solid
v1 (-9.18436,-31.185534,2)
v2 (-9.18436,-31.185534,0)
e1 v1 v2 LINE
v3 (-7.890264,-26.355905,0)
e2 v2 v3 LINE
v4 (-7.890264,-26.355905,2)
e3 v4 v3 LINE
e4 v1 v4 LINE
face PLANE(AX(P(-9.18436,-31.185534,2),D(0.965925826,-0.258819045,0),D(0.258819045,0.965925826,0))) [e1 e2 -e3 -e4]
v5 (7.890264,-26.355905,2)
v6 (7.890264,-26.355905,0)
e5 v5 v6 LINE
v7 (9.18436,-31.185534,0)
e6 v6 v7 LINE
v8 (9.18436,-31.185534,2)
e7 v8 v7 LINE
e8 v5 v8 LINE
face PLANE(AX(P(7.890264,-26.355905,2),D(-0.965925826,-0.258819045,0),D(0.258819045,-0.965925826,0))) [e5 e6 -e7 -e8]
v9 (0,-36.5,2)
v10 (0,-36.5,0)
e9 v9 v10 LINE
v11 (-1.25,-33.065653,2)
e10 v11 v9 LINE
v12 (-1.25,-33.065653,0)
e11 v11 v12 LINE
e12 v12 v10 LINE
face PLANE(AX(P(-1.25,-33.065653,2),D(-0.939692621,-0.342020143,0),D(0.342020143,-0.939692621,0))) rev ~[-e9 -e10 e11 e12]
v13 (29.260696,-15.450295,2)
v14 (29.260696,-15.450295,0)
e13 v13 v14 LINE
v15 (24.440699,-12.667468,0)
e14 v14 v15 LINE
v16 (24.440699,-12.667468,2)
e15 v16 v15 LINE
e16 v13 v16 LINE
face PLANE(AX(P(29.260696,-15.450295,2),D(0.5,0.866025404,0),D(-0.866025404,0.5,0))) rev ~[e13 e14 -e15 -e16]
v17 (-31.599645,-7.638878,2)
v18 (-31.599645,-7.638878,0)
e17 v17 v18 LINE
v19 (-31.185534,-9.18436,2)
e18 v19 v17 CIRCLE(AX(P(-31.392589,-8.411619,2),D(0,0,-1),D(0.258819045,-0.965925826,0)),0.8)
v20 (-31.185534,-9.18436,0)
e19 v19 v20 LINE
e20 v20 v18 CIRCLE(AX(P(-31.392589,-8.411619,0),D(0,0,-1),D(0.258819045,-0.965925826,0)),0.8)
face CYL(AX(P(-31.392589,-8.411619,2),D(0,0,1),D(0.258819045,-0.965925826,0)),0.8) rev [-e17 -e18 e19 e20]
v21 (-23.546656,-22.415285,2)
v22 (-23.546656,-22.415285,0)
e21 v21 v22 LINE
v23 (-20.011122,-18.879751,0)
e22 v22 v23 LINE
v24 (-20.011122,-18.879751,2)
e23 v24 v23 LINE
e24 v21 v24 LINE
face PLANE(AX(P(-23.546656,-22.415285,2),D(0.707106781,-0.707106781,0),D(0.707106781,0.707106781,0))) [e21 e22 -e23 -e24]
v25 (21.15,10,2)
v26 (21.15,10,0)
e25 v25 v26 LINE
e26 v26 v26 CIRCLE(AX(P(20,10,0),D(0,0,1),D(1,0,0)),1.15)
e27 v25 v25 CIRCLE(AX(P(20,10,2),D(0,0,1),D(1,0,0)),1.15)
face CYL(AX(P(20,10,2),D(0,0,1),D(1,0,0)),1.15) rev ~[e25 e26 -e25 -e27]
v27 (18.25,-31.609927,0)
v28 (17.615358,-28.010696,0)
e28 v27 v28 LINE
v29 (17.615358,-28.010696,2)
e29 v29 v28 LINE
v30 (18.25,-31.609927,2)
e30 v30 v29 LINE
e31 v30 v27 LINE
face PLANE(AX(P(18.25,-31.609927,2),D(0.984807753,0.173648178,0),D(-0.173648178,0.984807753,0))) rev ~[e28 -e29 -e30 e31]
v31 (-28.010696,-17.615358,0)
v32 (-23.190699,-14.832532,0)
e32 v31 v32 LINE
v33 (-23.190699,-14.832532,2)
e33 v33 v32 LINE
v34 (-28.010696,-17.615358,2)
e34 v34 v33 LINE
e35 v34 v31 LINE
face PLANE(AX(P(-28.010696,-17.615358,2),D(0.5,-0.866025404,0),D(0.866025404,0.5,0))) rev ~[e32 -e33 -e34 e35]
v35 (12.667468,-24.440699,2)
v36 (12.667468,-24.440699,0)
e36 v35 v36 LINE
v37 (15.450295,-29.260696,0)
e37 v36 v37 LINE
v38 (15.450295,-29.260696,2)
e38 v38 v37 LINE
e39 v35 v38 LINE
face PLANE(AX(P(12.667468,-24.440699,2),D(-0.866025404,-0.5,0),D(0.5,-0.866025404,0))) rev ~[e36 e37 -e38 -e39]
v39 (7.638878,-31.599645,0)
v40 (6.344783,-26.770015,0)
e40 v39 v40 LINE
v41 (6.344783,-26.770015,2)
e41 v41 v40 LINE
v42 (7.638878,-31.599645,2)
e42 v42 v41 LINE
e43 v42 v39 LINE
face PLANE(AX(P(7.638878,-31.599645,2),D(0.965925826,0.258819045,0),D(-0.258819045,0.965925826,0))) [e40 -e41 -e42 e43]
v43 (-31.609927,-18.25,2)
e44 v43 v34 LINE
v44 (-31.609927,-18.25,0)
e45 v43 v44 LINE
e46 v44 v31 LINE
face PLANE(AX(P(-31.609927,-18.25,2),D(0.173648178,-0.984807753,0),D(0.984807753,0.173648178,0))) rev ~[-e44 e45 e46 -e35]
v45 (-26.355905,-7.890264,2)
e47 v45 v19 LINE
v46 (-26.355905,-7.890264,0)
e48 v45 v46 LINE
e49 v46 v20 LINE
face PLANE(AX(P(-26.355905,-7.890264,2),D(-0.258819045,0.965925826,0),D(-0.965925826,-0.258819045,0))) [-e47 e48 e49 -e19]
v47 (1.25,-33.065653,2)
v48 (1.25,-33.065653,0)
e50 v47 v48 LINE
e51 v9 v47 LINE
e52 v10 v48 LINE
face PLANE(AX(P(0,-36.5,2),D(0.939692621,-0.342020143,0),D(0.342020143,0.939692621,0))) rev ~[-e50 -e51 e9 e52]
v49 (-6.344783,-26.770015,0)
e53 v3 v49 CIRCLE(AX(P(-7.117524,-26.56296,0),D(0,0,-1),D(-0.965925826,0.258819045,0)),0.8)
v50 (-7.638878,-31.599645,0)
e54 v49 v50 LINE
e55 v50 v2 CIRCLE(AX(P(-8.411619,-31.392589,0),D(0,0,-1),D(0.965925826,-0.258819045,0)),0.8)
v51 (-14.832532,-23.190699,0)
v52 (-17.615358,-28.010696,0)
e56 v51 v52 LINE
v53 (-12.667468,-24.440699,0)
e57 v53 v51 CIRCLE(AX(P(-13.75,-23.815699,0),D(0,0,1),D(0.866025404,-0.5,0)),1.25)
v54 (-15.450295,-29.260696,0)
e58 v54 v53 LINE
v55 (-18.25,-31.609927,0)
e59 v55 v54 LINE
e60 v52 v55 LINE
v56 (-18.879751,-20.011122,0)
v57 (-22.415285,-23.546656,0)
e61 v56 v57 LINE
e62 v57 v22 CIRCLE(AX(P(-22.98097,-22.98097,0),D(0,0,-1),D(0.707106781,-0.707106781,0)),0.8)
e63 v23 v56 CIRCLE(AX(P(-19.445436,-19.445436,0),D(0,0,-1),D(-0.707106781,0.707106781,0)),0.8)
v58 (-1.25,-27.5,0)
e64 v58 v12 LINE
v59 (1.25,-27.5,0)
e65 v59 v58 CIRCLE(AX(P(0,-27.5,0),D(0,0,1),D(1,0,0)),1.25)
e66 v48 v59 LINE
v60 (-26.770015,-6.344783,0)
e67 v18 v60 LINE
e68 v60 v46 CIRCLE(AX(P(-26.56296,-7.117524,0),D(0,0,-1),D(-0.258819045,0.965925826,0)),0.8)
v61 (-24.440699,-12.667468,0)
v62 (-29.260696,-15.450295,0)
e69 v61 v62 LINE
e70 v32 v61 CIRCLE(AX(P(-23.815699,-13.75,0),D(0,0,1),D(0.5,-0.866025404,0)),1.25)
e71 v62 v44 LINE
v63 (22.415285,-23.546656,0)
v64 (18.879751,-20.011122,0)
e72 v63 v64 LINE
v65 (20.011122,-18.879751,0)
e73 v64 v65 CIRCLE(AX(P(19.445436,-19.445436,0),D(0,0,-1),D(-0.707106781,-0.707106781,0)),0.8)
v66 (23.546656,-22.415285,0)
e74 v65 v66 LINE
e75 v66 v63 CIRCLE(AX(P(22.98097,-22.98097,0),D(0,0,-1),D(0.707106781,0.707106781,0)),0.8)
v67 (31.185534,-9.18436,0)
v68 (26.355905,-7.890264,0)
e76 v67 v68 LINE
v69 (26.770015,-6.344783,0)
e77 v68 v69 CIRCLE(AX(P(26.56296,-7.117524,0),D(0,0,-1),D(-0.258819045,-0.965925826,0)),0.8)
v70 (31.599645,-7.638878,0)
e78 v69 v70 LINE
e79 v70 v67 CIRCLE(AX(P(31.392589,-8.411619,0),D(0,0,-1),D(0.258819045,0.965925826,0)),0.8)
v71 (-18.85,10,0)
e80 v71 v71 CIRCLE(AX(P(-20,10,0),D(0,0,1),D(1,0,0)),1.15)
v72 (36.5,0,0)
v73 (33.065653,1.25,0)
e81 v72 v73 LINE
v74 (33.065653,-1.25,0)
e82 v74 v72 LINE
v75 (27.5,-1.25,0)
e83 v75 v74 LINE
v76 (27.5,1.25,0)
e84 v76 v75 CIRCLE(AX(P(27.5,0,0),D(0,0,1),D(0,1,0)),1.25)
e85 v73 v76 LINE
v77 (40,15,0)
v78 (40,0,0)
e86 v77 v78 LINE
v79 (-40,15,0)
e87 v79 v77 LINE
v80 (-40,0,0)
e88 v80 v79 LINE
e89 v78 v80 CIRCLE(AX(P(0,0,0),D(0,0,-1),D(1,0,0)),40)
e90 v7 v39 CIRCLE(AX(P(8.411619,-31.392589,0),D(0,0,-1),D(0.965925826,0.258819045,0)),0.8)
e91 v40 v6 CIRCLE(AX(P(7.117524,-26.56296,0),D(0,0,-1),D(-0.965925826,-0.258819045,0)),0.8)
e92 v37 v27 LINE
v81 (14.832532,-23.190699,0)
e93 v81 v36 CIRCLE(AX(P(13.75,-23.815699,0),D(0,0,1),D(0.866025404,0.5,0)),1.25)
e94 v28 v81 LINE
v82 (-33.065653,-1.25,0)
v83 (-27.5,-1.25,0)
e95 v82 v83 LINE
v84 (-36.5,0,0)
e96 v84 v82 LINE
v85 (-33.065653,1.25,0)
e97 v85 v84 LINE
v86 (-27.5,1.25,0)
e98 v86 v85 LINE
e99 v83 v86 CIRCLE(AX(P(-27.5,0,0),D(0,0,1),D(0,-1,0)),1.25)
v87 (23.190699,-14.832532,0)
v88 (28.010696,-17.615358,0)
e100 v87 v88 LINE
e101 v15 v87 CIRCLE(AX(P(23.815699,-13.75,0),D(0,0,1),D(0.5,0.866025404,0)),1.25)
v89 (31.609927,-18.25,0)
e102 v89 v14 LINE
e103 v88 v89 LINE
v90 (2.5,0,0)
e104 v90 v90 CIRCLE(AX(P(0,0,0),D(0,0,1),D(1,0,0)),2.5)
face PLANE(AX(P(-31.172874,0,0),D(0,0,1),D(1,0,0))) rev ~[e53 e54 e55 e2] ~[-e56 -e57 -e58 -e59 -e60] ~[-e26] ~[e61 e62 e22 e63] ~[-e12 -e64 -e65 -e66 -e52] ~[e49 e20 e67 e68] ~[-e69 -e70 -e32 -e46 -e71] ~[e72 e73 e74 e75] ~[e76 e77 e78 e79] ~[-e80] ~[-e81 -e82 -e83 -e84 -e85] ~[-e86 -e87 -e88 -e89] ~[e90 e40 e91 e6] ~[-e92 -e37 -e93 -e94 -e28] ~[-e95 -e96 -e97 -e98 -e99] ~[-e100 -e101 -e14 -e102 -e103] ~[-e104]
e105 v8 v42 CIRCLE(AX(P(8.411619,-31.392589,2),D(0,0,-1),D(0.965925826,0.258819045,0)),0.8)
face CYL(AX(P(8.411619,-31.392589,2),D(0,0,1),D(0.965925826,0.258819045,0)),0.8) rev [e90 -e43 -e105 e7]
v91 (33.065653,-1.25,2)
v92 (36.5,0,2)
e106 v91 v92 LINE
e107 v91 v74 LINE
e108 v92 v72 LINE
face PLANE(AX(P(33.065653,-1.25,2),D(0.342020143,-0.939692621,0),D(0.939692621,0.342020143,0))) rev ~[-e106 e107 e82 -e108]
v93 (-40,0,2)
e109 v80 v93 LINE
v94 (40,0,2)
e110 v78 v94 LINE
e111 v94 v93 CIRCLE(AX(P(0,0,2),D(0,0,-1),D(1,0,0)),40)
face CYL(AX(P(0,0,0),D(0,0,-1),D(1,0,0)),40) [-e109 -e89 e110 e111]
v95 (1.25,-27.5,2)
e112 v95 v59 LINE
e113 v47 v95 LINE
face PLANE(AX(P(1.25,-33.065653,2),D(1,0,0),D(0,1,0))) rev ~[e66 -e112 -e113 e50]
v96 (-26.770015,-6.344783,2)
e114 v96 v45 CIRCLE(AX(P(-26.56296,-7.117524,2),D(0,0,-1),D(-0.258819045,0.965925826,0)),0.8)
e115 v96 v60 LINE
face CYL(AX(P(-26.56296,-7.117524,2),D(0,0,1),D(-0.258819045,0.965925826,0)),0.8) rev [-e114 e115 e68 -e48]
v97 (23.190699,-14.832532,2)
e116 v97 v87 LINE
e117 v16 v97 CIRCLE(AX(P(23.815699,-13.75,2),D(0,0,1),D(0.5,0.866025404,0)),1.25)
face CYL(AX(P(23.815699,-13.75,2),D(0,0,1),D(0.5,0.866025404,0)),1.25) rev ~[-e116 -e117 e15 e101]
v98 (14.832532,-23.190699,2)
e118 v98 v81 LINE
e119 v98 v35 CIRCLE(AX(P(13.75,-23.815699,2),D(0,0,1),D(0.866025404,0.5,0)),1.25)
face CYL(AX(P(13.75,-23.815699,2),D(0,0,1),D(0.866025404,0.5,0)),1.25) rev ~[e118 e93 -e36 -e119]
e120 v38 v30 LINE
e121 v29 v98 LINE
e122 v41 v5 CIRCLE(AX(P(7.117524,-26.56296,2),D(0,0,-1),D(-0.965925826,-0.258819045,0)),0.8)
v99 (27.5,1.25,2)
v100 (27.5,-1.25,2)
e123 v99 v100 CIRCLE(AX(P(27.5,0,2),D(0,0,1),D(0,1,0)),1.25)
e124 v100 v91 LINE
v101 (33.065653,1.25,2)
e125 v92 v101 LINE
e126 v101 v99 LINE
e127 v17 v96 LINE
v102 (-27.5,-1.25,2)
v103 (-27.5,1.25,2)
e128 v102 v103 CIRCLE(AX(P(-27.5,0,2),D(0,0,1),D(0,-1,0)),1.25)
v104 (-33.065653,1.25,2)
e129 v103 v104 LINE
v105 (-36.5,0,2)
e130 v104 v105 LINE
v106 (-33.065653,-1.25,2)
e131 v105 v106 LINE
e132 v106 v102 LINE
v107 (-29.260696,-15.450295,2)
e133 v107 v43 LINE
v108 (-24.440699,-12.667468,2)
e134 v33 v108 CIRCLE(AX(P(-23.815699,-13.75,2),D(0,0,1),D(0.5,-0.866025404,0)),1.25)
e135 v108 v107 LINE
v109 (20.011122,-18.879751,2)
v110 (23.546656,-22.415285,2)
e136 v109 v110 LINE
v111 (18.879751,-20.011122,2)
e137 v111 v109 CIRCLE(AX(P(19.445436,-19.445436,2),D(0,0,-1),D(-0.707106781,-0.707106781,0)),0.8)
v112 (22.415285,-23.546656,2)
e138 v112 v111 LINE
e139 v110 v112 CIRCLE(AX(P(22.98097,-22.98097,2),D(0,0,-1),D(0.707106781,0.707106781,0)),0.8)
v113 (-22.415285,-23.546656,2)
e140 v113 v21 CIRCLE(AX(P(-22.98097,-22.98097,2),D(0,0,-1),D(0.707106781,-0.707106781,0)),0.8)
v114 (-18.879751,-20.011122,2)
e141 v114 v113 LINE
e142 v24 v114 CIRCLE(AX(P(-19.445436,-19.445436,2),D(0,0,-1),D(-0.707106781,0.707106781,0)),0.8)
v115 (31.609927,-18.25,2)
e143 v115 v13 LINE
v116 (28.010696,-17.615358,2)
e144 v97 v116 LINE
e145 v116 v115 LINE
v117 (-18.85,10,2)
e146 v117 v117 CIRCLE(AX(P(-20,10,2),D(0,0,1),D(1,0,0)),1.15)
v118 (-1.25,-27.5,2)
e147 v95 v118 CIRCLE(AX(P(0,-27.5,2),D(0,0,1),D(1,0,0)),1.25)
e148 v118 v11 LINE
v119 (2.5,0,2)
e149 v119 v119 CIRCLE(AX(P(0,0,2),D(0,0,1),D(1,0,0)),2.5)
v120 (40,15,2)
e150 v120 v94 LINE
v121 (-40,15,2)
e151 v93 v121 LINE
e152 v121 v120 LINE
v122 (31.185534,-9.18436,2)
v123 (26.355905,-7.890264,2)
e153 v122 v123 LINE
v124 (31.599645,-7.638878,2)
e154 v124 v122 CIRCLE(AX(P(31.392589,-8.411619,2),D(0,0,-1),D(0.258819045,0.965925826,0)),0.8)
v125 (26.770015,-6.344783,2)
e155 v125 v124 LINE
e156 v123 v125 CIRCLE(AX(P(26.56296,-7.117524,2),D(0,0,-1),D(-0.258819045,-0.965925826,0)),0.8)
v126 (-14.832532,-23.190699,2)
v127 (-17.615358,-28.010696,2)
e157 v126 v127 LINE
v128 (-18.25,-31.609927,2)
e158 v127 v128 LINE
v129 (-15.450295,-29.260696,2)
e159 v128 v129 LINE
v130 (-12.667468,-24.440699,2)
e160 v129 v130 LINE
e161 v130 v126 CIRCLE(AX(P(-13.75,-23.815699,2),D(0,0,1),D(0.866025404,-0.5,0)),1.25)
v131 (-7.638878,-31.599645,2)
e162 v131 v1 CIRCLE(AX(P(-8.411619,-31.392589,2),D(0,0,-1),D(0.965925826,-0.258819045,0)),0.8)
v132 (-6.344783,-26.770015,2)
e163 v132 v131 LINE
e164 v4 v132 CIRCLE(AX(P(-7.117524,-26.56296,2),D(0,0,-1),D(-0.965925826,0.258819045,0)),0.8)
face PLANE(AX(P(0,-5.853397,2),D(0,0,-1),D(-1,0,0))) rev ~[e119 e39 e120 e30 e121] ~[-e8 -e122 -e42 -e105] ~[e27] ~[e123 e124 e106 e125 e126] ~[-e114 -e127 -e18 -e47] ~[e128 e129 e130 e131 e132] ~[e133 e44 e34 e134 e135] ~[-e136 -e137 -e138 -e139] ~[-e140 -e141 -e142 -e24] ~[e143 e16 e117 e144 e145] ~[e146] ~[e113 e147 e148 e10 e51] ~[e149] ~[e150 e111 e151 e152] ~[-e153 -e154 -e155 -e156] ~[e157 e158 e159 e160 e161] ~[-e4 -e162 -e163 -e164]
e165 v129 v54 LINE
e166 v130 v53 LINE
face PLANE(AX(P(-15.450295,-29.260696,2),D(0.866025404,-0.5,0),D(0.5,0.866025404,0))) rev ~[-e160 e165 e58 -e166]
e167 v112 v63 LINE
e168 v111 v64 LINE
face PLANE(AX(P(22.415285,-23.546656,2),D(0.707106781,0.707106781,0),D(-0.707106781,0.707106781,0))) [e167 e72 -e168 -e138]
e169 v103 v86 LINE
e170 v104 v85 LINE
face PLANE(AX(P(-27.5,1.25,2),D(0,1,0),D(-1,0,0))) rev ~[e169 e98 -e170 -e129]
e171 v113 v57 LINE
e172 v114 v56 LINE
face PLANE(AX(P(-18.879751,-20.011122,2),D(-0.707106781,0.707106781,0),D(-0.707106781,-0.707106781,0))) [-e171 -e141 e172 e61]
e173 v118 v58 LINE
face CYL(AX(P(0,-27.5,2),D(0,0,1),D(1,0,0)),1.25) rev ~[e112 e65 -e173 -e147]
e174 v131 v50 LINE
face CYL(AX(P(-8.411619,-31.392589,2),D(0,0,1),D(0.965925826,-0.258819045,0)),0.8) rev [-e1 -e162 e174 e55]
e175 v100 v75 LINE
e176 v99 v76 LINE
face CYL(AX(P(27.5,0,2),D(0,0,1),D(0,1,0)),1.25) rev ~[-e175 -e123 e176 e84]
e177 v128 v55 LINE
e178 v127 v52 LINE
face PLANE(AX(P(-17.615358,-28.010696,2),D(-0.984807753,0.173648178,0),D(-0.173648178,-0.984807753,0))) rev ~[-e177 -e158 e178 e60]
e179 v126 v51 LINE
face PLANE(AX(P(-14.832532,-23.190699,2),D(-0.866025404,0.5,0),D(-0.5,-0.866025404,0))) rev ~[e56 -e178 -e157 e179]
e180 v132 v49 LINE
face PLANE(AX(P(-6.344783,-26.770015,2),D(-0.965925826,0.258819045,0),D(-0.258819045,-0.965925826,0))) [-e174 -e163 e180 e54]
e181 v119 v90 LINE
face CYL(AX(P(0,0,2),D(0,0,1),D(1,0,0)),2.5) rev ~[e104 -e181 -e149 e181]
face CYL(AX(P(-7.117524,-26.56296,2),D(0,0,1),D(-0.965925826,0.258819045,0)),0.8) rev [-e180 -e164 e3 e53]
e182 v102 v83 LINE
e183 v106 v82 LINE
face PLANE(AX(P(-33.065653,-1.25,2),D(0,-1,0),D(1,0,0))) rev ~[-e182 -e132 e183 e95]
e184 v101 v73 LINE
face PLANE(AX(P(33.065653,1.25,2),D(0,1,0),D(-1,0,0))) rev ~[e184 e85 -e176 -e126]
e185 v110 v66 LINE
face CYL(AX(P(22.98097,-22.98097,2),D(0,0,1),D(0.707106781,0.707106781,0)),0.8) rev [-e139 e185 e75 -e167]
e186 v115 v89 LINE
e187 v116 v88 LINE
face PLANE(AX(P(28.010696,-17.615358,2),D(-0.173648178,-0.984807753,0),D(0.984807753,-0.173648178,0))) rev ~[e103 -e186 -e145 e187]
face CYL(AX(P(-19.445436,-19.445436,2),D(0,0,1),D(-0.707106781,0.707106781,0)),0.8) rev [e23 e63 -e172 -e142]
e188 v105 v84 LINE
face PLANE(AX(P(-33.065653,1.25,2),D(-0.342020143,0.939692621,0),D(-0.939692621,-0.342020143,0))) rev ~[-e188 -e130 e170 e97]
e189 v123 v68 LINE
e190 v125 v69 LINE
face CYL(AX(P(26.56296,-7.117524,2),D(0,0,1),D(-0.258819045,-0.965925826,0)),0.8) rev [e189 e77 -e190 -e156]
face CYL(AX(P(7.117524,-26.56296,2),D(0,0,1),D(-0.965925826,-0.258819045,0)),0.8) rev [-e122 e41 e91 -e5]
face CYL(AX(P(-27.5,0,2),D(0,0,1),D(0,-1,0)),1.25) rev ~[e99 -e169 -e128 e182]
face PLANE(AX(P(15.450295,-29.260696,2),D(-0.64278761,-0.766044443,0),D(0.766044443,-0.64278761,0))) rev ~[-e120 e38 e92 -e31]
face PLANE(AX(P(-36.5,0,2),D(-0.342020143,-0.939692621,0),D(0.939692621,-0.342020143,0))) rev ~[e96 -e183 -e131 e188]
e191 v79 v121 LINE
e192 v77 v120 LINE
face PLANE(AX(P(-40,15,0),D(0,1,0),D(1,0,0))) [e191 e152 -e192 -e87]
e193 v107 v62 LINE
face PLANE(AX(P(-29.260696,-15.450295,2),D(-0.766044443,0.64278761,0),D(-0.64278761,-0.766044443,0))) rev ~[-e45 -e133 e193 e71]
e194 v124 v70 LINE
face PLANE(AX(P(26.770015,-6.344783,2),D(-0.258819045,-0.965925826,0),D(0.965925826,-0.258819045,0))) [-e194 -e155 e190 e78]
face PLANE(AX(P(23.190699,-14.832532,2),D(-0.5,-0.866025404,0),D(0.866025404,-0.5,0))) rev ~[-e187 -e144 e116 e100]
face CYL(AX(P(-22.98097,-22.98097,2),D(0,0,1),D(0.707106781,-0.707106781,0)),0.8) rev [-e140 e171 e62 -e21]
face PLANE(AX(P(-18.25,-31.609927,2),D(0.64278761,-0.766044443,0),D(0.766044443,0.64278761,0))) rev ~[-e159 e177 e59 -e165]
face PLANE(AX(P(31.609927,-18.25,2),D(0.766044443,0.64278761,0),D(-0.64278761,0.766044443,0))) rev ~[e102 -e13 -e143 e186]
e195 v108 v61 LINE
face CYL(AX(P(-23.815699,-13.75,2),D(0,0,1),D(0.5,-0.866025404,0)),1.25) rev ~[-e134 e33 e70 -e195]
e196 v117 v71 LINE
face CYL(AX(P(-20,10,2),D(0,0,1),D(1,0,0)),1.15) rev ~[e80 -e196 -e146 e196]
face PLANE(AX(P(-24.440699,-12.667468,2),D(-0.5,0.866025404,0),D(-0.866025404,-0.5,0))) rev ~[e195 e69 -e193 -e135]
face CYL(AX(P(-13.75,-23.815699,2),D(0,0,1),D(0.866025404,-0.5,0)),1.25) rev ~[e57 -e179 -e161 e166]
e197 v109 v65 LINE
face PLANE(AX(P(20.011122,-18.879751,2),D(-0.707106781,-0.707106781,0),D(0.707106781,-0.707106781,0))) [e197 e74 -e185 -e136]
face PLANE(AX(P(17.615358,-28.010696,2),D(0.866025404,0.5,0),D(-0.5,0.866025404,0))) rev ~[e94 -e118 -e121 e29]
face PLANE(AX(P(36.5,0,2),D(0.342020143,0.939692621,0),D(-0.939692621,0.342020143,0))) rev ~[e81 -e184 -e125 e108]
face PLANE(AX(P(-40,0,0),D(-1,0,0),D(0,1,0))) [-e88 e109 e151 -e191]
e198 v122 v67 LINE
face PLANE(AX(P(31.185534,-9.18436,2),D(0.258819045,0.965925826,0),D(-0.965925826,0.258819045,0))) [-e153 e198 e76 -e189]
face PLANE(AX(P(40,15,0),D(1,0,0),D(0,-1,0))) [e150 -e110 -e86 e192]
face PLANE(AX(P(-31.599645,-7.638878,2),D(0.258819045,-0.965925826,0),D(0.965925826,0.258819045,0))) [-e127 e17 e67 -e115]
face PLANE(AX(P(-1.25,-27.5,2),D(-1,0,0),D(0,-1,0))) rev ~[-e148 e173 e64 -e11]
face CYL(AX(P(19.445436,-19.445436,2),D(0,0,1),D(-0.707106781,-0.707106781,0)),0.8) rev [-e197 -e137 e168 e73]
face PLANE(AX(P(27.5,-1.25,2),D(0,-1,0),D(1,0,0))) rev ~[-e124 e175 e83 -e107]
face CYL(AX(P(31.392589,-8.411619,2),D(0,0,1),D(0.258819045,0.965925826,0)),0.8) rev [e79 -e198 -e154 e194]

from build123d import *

# Parameters (mm, degrees)
BOSS_EXTRUDE1_DEPTH = 2
CUT_EXTRUDE2_DEPTH  = 2
CIRPATTERN1_COUNT   = 7
CIRPATTERN1_ANGLE   = 180
CUT_EXTRUDE3_DEPTH  = 2
CIRPATTERN2_COUNT   = 6
CIRPATTERN2_ANGLE   = 150
SKETCH5_R           = 2.5
CUT_EXTRUDE4_DEPTH  = 2
SKETCH6_R           = 1.15
CUT_EXTRUDE5_DEPTH  = 2


with BuildPart() as part:
    # Sketch1 → Boss-Extrude1 (new body)
    # profile 1 of 2: a face of its own
    with BuildSketch(Plane.XY):
        with BuildLine():
            ThreePointArc((40, 0), (0, -40), (-40, 0))
            Line((-40, 0), (-40, 15))
            Line((-40, 15), (40, 15))
            Line((40, 15), (40, 0))
        make_face()
        with BuildLine():
            ThreePointArc((-27.5, -1.25), (-26.25, 0), (-27.5, 1.25))
            Line((-27.5, 1.25), (-33.065653226, 1.25))
            Line((-33.065653226, 1.25), (-36.5, 0))
            Line((-36.5, 0), (-33.065653226, -1.25))
            Line((-33.065653226, -1.25), (-27.5, -1.25))
        make_face(mode=Mode.SUBTRACT)
    # profile 2 of 2: a face of its own
    with BuildSketch(Plane.XY):
        with BuildLine():
            Line((-33.065653226, -1.25), (-27.5, -1.25))
            ThreePointArc((-27.5, -1.25), (-26.25, 0), (-27.5, 1.25))
            Line((-27.5, 1.25), (-33.065653226, 1.25))
            Line((-33.065653226, 1.25), (-36.5, 0))
            Line((-36.5, 0), (-33.065653226, -1.25))
        make_face()
    extrude(amount=BOSS_EXTRUDE1_DEPTH)

    # Sketch2 → Cut-Extrude2 (cut)
    with BuildSketch(Plane.XY.offset(2)):
        with BuildLine():
            Line((-33.065653226, -1.25), (-27.5, -1.25))
            ThreePointArc((-27.5, -1.25), (-26.25, 0), (-27.5, 1.25))
            Line((-27.5, 1.25), (-33.065653226, 1.25))
            Line((-33.065653226, 1.25), (-36.5, 0))
            Line((-36.5, 0), (-33.065653226, -1.25))
        make_face()
    cut_extrude2 = extrude(amount=-CUT_EXTRUDE2_DEPTH, mode=Mode.SUBTRACT)

    # CirPattern1: Cut-Extrude2 ×7 about axis
    cirpattern1_axis = Axis((0, 0, 0), (0, 0, 1))
    for i in range(1, CIRPATTERN1_COUNT):
        add(cut_extrude2.rotate(cirpattern1_axis, i * CIRPATTERN1_ANGLE / (CIRPATTERN1_COUNT - 1)), mode=Mode.SUBTRACT)

    # Sketch4 → Cut-Extrude3 (cut)
    with BuildSketch(Plane.XY.offset(2)):
        with BuildLine():
            Line((-26.355904987, -7.890264401), (-31.185534118, -9.184359627))
            ThreePointArc((-31.185534118, -9.184359627), (-32.165330015, -8.618674202), (-31.59964459, -7.638878305))
            Line((-31.59964459, -7.638878305), (-26.770015459, -6.344783079))
            ThreePointArc((-26.770015459, -6.344783079), (-25.790219562, -6.910468504), (-26.355904987, -7.890264401))
        make_face()
    cut_extrude3 = extrude(amount=-CUT_EXTRUDE3_DEPTH, mode=Mode.SUBTRACT)

    # CirPattern2: Cut-Extrude3 ×6 about axis
    cirpattern2_axis = Axis((0, 0, 0), (0, 0, 1))
    for i in range(1, CIRPATTERN2_COUNT):
        add(cut_extrude3.rotate(cirpattern2_axis, i * CIRPATTERN2_ANGLE / (CIRPATTERN2_COUNT - 1)), mode=Mode.SUBTRACT)

    # Sketch5 → Cut-Extrude4 (cut)
    with BuildSketch(Plane.XY.offset(2)):
        Circle(SKETCH5_R)
    extrude(amount=-CUT_EXTRUDE4_DEPTH, mode=Mode.SUBTRACT)

    # Sketch6 → Cut-Extrude5 (cut)
    with BuildSketch(Plane.XY.offset(2)):
        with Locations((-20, 10)):
            Circle(SKETCH6_R)
        with Locations((20, 10)):
            Circle(SKETCH6_R)
    extrude(amount=-CUT_EXTRUDE5_DEPTH, mode=Mode.SUBTRACT)


solid = part.part
